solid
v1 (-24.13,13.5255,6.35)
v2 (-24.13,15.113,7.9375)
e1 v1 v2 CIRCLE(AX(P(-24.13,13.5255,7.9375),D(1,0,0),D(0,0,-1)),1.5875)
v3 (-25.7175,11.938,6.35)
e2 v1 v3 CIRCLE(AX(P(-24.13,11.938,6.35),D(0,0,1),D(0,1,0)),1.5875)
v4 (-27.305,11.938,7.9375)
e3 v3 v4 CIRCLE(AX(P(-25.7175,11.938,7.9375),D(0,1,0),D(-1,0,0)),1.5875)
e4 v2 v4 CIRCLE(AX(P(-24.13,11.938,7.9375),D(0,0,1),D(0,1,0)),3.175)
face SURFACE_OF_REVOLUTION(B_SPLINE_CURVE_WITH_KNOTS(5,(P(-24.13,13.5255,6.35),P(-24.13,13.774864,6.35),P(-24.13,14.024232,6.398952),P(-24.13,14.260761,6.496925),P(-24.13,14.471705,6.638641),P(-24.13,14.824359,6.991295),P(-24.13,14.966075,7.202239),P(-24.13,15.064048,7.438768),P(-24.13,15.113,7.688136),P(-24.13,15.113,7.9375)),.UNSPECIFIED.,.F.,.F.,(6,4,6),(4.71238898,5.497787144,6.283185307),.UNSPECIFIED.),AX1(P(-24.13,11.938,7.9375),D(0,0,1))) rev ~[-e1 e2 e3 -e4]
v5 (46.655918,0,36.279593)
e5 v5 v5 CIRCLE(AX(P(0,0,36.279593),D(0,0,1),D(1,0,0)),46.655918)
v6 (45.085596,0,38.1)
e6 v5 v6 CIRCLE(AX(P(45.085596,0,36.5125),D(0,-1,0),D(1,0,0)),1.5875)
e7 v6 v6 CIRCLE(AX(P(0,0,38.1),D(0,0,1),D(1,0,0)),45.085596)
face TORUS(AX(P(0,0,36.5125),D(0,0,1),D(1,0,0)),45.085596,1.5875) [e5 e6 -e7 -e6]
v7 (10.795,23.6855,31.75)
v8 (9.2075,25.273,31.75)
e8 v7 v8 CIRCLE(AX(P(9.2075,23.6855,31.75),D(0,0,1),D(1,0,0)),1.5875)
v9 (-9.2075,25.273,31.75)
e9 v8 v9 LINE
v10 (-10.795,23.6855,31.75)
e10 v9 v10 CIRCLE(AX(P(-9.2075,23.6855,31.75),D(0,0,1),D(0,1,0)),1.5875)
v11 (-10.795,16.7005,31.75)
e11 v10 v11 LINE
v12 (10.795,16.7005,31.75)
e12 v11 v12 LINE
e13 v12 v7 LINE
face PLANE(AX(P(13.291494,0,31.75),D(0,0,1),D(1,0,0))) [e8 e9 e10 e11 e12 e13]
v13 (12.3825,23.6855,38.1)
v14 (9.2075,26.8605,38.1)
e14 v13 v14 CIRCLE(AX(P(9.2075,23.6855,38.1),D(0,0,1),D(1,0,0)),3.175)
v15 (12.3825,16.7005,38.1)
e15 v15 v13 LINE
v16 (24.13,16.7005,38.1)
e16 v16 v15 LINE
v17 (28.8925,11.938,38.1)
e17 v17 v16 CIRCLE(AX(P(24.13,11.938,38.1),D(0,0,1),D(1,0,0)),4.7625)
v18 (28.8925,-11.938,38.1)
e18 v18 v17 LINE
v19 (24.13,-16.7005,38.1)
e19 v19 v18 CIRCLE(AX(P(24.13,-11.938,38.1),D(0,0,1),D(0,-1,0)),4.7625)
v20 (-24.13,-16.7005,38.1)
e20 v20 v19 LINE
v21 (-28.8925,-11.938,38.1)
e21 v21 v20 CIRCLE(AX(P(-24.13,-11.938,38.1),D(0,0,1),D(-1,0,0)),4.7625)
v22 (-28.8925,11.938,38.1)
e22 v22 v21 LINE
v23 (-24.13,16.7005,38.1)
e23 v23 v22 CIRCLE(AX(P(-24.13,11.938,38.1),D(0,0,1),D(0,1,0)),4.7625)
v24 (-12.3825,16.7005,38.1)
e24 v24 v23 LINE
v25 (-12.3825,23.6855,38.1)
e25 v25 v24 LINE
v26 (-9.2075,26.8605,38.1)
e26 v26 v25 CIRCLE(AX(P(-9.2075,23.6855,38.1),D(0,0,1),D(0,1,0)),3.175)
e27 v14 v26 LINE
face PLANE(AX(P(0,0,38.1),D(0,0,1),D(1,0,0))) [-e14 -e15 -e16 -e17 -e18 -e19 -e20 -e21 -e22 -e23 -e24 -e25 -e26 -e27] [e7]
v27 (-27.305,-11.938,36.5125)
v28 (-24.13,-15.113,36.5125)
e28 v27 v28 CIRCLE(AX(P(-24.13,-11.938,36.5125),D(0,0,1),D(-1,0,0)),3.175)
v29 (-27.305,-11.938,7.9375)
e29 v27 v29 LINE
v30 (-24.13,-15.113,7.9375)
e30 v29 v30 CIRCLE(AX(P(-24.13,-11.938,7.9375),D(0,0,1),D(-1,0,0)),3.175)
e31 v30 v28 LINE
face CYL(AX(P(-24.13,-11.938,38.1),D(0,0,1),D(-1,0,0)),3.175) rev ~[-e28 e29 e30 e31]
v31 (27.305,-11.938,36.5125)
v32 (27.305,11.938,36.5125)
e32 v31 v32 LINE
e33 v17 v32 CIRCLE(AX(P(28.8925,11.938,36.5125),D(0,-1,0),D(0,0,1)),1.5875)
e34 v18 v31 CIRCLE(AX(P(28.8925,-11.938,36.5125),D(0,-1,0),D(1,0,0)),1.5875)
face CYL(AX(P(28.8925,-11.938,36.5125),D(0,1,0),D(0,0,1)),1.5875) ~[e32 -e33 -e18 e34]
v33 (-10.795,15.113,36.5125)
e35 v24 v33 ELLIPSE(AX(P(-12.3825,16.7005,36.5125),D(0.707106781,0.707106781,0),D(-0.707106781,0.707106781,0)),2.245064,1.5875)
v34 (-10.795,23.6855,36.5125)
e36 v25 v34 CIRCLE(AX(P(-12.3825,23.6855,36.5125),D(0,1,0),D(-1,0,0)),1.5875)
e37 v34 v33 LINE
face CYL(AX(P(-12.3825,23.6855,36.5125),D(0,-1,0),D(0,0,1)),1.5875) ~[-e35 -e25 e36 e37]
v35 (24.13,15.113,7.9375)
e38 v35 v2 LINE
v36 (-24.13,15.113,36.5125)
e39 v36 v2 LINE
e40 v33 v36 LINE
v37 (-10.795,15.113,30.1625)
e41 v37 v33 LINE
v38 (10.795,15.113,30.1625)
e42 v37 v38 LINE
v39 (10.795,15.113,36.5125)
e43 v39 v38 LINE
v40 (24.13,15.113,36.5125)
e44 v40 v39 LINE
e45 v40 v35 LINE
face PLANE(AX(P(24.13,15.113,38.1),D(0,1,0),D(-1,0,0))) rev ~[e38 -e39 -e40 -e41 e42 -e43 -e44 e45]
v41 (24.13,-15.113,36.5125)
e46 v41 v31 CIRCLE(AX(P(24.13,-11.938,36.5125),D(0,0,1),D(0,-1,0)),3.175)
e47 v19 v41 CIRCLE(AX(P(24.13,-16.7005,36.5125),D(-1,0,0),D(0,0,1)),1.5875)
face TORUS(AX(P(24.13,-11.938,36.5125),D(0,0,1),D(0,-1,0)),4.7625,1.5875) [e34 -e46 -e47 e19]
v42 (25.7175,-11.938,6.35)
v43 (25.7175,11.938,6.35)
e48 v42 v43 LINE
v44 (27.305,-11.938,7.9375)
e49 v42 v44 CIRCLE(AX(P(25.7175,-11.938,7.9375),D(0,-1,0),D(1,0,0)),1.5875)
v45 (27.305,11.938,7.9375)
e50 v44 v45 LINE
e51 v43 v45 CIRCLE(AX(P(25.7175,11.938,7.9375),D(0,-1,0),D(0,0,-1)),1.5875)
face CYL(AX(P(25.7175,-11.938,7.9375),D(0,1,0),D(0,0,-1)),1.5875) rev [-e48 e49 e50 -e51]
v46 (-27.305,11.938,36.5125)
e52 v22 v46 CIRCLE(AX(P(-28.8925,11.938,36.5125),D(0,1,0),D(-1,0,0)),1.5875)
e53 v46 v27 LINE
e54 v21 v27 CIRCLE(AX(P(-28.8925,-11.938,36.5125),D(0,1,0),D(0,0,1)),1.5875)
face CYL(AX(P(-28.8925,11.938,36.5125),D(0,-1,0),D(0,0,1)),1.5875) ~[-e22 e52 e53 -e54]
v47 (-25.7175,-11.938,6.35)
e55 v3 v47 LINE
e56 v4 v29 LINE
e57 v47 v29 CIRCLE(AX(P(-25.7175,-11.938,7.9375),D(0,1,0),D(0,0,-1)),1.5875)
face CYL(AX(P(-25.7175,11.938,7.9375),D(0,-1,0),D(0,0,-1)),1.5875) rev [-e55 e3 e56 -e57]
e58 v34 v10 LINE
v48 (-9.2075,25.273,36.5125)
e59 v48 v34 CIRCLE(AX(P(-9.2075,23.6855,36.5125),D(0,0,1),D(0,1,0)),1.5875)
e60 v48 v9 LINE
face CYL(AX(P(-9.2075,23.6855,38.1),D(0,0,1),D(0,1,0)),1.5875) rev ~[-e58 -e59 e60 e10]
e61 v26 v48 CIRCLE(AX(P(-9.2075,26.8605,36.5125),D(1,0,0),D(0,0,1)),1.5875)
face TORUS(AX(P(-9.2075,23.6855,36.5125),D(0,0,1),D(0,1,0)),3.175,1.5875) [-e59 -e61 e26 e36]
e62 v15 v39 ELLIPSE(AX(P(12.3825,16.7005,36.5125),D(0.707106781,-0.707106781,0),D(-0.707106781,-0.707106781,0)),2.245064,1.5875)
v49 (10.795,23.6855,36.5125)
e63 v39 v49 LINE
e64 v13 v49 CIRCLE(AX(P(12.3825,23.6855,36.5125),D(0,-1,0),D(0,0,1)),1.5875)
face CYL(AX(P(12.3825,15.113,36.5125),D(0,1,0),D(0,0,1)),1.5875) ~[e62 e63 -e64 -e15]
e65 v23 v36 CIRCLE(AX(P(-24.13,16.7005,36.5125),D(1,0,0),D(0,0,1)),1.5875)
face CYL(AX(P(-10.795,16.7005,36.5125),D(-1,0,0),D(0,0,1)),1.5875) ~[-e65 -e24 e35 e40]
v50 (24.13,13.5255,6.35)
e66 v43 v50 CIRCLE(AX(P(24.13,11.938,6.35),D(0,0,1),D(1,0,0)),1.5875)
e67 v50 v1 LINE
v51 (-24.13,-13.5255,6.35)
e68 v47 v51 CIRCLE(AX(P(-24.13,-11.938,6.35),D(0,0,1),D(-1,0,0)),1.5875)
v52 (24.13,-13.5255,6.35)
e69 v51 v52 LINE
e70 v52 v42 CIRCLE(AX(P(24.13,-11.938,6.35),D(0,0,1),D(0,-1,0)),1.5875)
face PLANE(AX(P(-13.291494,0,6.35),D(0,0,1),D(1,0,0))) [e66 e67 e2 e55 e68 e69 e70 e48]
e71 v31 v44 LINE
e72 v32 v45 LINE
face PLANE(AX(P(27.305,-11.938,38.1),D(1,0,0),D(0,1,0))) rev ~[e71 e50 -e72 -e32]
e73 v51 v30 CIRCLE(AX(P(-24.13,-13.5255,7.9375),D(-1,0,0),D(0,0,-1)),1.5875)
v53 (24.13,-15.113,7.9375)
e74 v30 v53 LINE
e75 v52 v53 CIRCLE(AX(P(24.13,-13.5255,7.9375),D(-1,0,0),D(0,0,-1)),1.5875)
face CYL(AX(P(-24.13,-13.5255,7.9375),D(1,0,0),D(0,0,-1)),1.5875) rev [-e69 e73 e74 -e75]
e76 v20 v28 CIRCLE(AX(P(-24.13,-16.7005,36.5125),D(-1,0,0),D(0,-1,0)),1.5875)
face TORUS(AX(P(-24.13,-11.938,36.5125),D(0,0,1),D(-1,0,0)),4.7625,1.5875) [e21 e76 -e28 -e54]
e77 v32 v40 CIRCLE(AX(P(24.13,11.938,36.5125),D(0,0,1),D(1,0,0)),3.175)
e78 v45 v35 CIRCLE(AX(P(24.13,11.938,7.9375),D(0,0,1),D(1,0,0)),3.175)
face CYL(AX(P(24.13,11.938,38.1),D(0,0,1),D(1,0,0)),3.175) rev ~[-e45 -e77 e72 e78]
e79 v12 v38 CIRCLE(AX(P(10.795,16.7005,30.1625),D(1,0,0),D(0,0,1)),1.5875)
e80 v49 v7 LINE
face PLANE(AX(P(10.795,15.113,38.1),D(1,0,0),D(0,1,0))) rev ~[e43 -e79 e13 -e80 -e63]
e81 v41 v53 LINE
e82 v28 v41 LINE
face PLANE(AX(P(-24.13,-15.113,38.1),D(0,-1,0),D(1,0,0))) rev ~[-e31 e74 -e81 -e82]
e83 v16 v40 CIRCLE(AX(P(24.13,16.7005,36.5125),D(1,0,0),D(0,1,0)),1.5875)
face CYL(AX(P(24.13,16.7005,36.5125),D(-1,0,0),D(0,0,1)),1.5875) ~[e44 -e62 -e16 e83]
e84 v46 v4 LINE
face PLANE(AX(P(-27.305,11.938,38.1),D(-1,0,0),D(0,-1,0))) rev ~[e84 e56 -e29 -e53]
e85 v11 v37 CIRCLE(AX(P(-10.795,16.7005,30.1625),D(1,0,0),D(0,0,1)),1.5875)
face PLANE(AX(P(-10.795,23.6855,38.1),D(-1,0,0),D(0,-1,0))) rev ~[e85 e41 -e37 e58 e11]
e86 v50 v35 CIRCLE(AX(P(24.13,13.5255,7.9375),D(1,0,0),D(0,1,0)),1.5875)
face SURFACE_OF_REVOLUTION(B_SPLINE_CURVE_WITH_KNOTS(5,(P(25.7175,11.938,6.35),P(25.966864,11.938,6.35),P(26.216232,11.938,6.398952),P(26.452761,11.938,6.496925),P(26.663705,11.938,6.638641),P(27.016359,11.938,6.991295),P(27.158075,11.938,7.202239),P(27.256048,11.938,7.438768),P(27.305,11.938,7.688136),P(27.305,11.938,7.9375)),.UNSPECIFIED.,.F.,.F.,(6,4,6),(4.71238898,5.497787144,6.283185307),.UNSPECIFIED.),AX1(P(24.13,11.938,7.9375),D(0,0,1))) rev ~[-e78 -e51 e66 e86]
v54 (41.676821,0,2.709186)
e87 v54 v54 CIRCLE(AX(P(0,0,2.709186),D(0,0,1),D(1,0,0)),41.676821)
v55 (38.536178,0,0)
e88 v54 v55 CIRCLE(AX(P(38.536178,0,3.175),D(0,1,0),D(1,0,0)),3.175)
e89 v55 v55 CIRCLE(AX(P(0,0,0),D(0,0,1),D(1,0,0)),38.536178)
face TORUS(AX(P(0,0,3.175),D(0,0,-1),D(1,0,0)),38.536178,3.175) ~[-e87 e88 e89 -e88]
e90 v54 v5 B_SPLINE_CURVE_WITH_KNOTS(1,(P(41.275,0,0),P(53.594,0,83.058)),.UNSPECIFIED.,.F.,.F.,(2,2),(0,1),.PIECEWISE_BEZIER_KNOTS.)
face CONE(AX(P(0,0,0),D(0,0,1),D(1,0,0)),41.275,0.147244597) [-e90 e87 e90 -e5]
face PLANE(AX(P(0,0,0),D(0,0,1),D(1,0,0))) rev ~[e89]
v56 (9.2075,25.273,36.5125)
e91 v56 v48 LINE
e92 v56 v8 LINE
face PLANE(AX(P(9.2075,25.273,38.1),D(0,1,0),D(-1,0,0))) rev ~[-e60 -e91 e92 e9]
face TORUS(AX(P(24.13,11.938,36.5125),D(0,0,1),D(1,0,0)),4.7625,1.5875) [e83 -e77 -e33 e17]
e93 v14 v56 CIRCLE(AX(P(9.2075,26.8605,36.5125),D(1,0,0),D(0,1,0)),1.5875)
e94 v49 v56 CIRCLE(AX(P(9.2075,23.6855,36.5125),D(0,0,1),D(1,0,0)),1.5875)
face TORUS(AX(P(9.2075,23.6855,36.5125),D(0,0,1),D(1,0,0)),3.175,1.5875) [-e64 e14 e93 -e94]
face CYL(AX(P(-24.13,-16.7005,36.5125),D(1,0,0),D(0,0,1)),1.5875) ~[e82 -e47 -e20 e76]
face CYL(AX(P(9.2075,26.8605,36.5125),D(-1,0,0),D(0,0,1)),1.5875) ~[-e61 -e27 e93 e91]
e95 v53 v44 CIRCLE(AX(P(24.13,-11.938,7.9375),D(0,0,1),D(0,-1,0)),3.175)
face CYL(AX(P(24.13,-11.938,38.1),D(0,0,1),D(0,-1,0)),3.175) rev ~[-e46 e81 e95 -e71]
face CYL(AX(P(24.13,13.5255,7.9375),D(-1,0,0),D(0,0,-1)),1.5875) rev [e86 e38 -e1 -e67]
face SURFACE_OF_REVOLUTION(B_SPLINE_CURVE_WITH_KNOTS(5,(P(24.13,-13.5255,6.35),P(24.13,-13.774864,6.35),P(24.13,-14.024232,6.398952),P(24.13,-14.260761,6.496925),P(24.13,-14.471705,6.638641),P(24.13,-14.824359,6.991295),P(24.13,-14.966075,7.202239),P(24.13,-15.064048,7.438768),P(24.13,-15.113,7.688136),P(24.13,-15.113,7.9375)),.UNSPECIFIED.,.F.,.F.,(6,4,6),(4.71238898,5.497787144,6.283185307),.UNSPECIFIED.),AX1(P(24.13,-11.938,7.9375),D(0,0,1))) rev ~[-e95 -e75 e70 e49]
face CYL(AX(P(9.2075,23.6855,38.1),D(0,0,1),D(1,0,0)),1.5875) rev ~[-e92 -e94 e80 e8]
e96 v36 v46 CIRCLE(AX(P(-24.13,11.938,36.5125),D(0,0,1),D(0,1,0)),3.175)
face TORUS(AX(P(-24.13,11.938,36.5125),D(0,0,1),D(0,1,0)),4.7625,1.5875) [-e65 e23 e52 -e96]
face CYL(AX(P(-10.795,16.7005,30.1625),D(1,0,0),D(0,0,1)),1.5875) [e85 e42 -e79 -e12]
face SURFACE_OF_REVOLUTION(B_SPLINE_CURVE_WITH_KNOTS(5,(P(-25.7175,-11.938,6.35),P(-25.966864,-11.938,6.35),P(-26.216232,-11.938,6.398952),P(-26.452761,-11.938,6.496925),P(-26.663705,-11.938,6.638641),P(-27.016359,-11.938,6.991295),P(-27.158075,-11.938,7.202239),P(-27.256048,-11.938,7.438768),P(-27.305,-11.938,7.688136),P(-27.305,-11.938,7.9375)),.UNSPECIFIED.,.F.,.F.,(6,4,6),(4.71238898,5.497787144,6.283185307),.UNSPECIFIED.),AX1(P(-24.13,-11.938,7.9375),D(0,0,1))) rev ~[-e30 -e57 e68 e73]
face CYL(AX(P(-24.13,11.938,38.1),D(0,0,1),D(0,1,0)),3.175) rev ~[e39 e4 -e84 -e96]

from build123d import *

# Parameters (mm, degrees)
F0_R     = 41.275
F2_R     = 53.594
F5_R     = 3.175
F7_DEPTH = 44.958
F8_DEPTH = 31.75
F9_DEPTH = 6.35
F10_R    = 1.5875


with BuildPart() as f3:
    # F0 (on Top) → F3 section 0
    with BuildSketch(Plane.XY):
        Circle(F0_R)
    # F2 (on offset) → F3 section 1
    with BuildSketch(Plane.XY.offset(83.058)):
        Circle(F2_R)
    loft()

    # F5
    f5_edges = [f3.edges().sort_by_distance(p)[0] for p in [
        (-41.275, 0, 0),
    ]]
    fillet(f5_edges, radius=F5_R)

    # F7 (cut, through all): a face of the model
    f7_faces = [f3.faces().sort_by_distance(p)[0] for p in [
        (0, 0, 83.058),
    ]]
    extrude(f7_faces, amount=-F7_DEPTH, mode=Mode.SUBTRACT)

    # F6 (on offset) → F8 (cut)
    with BuildSketch(Plane.XY.offset(38.1)):
        with BuildLine():
            Line((-24.13, -15.113), (0, -15.113))
            Line((0, -15.113), (0, 15.113))
            Line((0, 15.113), (-10.795, 15.113))
            Line((-10.795, 15.113), (-24.13, 15.113))
            ThreePointArc((-24.13, 15.113), (-26.3750640303, 14.1830640303), (-27.305, 11.938))
            Line((-27.305, 11.938), (-27.305, -11.938))
            ThreePointArc((-27.305, -11.938), (-26.3750640303, -14.1830640303), (-24.13, -15.113))
        make_face()
        with BuildLine():
            Line((0, -15.113), (24.13, -15.113))
            ThreePointArc((24.13, -15.113), (26.3750640303, -14.1830640303), (27.305, -11.938))
            Line((27.305, -11.938), (27.305, 11.938))
            ThreePointArc((27.305, 11.938), (26.3750640303, 14.1830640303), (24.13, 15.113))
            Line((24.13, 15.113), (10.795, 15.113))
            Line((10.795, 15.113), (0, 15.113))
            Line((0, 15.113), (0, -15.113))
        make_face()
    extrude(amount=-F8_DEPTH, mode=Mode.SUBTRACT)

    # F6 (on offset) → F9 (cut)
    with BuildSketch(Plane.XY.offset(38.1)):
        with BuildLine():
            Line((0, -15.113), (24.13, -15.113))
            ThreePointArc((24.13, -15.113), (26.3750640303, -14.1830640303), (27.305, -11.938))
            Line((27.305, -11.938), (27.305, 11.938))
            ThreePointArc((27.305, 11.938), (26.3750640303, 14.1830640303), (24.13, 15.113))
            Line((24.13, 15.113), (10.795, 15.113))
            Line((10.795, 15.113), (0, 15.113))
            Line((0, 15.113), (0, -15.113))
        make_face()
        with BuildLine():
            Line((-24.13, -15.113), (0, -15.113))
            Line((0, -15.113), (0, 15.113))
            Line((0, 15.113), (-10.795, 15.113))
            Line((-10.795, 15.113), (-24.13, 15.113))
            ThreePointArc((-24.13, 15.113), (-26.3750640303, 14.1830640303), (-27.305, 11.938))
            Line((-27.305, 11.938), (-27.305, -11.938))
            ThreePointArc((-27.305, -11.938), (-26.3750640303, -14.1830640303), (-24.13, -15.113))
        make_face()
        with BuildLine():
            Line((-10.795, 15.113), (0, 15.113))
            Line((0, 15.113), (10.795, 15.113))
            Line((10.795, 15.113), (10.795, 23.6855))
            ThreePointArc((10.795, 23.6855), (10.3300320151, 24.8080320151), (9.2075, 25.273))
            Line((9.2075, 25.273), (-9.2075, 25.273))
            ThreePointArc((-9.2075, 25.273), (-10.3300320151, 24.8080320151), (-10.795, 23.6855))
            Line((-10.795, 23.6855), (-10.795, 15.113))
        make_face()
    extrude(amount=-F9_DEPTH, mode=Mode.SUBTRACT)

    # F10
    f10_edges = [f3.edges().sort_by_distance(p)[0] for p in [
        (0, 15.113, 31.75),
        (0, -15.113, 6.35),
        (26.375064, -14.183064, 6.35),
        (27.305, 0, 6.35),
        (26.375064, 14.183064, 6.35),
        (0, 15.113, 6.35),
        (-26.375064, 14.183064, 6.35),
        (-27.305, 0, 6.35),
        (-26.375064, -14.183064, 6.35),
        (-46.925917, 0, 38.1),
        (0, -15.113, 38.1),
        (26.375064, -14.183064, 38.1),
        (27.305, 0, 38.1),
        (26.375064, 14.183064, 38.1),
        (17.4625, 15.113, 38.1),
        (10.795, 19.39925, 38.1),
        (10.330032, 24.808032, 38.1),
        (0, 25.273, 38.1),
        (-10.330032, 24.808032, 38.1),
        (-10.795, 19.39925, 38.1),
        (-17.4625, 15.113, 38.1),
        (-26.375064, 14.183064, 38.1),
        (-27.305, 0, 38.1),
        (-26.375064, -14.183064, 38.1),
    ]]
    fillet(f10_edges, radius=F10_R)


solid = f3.part
